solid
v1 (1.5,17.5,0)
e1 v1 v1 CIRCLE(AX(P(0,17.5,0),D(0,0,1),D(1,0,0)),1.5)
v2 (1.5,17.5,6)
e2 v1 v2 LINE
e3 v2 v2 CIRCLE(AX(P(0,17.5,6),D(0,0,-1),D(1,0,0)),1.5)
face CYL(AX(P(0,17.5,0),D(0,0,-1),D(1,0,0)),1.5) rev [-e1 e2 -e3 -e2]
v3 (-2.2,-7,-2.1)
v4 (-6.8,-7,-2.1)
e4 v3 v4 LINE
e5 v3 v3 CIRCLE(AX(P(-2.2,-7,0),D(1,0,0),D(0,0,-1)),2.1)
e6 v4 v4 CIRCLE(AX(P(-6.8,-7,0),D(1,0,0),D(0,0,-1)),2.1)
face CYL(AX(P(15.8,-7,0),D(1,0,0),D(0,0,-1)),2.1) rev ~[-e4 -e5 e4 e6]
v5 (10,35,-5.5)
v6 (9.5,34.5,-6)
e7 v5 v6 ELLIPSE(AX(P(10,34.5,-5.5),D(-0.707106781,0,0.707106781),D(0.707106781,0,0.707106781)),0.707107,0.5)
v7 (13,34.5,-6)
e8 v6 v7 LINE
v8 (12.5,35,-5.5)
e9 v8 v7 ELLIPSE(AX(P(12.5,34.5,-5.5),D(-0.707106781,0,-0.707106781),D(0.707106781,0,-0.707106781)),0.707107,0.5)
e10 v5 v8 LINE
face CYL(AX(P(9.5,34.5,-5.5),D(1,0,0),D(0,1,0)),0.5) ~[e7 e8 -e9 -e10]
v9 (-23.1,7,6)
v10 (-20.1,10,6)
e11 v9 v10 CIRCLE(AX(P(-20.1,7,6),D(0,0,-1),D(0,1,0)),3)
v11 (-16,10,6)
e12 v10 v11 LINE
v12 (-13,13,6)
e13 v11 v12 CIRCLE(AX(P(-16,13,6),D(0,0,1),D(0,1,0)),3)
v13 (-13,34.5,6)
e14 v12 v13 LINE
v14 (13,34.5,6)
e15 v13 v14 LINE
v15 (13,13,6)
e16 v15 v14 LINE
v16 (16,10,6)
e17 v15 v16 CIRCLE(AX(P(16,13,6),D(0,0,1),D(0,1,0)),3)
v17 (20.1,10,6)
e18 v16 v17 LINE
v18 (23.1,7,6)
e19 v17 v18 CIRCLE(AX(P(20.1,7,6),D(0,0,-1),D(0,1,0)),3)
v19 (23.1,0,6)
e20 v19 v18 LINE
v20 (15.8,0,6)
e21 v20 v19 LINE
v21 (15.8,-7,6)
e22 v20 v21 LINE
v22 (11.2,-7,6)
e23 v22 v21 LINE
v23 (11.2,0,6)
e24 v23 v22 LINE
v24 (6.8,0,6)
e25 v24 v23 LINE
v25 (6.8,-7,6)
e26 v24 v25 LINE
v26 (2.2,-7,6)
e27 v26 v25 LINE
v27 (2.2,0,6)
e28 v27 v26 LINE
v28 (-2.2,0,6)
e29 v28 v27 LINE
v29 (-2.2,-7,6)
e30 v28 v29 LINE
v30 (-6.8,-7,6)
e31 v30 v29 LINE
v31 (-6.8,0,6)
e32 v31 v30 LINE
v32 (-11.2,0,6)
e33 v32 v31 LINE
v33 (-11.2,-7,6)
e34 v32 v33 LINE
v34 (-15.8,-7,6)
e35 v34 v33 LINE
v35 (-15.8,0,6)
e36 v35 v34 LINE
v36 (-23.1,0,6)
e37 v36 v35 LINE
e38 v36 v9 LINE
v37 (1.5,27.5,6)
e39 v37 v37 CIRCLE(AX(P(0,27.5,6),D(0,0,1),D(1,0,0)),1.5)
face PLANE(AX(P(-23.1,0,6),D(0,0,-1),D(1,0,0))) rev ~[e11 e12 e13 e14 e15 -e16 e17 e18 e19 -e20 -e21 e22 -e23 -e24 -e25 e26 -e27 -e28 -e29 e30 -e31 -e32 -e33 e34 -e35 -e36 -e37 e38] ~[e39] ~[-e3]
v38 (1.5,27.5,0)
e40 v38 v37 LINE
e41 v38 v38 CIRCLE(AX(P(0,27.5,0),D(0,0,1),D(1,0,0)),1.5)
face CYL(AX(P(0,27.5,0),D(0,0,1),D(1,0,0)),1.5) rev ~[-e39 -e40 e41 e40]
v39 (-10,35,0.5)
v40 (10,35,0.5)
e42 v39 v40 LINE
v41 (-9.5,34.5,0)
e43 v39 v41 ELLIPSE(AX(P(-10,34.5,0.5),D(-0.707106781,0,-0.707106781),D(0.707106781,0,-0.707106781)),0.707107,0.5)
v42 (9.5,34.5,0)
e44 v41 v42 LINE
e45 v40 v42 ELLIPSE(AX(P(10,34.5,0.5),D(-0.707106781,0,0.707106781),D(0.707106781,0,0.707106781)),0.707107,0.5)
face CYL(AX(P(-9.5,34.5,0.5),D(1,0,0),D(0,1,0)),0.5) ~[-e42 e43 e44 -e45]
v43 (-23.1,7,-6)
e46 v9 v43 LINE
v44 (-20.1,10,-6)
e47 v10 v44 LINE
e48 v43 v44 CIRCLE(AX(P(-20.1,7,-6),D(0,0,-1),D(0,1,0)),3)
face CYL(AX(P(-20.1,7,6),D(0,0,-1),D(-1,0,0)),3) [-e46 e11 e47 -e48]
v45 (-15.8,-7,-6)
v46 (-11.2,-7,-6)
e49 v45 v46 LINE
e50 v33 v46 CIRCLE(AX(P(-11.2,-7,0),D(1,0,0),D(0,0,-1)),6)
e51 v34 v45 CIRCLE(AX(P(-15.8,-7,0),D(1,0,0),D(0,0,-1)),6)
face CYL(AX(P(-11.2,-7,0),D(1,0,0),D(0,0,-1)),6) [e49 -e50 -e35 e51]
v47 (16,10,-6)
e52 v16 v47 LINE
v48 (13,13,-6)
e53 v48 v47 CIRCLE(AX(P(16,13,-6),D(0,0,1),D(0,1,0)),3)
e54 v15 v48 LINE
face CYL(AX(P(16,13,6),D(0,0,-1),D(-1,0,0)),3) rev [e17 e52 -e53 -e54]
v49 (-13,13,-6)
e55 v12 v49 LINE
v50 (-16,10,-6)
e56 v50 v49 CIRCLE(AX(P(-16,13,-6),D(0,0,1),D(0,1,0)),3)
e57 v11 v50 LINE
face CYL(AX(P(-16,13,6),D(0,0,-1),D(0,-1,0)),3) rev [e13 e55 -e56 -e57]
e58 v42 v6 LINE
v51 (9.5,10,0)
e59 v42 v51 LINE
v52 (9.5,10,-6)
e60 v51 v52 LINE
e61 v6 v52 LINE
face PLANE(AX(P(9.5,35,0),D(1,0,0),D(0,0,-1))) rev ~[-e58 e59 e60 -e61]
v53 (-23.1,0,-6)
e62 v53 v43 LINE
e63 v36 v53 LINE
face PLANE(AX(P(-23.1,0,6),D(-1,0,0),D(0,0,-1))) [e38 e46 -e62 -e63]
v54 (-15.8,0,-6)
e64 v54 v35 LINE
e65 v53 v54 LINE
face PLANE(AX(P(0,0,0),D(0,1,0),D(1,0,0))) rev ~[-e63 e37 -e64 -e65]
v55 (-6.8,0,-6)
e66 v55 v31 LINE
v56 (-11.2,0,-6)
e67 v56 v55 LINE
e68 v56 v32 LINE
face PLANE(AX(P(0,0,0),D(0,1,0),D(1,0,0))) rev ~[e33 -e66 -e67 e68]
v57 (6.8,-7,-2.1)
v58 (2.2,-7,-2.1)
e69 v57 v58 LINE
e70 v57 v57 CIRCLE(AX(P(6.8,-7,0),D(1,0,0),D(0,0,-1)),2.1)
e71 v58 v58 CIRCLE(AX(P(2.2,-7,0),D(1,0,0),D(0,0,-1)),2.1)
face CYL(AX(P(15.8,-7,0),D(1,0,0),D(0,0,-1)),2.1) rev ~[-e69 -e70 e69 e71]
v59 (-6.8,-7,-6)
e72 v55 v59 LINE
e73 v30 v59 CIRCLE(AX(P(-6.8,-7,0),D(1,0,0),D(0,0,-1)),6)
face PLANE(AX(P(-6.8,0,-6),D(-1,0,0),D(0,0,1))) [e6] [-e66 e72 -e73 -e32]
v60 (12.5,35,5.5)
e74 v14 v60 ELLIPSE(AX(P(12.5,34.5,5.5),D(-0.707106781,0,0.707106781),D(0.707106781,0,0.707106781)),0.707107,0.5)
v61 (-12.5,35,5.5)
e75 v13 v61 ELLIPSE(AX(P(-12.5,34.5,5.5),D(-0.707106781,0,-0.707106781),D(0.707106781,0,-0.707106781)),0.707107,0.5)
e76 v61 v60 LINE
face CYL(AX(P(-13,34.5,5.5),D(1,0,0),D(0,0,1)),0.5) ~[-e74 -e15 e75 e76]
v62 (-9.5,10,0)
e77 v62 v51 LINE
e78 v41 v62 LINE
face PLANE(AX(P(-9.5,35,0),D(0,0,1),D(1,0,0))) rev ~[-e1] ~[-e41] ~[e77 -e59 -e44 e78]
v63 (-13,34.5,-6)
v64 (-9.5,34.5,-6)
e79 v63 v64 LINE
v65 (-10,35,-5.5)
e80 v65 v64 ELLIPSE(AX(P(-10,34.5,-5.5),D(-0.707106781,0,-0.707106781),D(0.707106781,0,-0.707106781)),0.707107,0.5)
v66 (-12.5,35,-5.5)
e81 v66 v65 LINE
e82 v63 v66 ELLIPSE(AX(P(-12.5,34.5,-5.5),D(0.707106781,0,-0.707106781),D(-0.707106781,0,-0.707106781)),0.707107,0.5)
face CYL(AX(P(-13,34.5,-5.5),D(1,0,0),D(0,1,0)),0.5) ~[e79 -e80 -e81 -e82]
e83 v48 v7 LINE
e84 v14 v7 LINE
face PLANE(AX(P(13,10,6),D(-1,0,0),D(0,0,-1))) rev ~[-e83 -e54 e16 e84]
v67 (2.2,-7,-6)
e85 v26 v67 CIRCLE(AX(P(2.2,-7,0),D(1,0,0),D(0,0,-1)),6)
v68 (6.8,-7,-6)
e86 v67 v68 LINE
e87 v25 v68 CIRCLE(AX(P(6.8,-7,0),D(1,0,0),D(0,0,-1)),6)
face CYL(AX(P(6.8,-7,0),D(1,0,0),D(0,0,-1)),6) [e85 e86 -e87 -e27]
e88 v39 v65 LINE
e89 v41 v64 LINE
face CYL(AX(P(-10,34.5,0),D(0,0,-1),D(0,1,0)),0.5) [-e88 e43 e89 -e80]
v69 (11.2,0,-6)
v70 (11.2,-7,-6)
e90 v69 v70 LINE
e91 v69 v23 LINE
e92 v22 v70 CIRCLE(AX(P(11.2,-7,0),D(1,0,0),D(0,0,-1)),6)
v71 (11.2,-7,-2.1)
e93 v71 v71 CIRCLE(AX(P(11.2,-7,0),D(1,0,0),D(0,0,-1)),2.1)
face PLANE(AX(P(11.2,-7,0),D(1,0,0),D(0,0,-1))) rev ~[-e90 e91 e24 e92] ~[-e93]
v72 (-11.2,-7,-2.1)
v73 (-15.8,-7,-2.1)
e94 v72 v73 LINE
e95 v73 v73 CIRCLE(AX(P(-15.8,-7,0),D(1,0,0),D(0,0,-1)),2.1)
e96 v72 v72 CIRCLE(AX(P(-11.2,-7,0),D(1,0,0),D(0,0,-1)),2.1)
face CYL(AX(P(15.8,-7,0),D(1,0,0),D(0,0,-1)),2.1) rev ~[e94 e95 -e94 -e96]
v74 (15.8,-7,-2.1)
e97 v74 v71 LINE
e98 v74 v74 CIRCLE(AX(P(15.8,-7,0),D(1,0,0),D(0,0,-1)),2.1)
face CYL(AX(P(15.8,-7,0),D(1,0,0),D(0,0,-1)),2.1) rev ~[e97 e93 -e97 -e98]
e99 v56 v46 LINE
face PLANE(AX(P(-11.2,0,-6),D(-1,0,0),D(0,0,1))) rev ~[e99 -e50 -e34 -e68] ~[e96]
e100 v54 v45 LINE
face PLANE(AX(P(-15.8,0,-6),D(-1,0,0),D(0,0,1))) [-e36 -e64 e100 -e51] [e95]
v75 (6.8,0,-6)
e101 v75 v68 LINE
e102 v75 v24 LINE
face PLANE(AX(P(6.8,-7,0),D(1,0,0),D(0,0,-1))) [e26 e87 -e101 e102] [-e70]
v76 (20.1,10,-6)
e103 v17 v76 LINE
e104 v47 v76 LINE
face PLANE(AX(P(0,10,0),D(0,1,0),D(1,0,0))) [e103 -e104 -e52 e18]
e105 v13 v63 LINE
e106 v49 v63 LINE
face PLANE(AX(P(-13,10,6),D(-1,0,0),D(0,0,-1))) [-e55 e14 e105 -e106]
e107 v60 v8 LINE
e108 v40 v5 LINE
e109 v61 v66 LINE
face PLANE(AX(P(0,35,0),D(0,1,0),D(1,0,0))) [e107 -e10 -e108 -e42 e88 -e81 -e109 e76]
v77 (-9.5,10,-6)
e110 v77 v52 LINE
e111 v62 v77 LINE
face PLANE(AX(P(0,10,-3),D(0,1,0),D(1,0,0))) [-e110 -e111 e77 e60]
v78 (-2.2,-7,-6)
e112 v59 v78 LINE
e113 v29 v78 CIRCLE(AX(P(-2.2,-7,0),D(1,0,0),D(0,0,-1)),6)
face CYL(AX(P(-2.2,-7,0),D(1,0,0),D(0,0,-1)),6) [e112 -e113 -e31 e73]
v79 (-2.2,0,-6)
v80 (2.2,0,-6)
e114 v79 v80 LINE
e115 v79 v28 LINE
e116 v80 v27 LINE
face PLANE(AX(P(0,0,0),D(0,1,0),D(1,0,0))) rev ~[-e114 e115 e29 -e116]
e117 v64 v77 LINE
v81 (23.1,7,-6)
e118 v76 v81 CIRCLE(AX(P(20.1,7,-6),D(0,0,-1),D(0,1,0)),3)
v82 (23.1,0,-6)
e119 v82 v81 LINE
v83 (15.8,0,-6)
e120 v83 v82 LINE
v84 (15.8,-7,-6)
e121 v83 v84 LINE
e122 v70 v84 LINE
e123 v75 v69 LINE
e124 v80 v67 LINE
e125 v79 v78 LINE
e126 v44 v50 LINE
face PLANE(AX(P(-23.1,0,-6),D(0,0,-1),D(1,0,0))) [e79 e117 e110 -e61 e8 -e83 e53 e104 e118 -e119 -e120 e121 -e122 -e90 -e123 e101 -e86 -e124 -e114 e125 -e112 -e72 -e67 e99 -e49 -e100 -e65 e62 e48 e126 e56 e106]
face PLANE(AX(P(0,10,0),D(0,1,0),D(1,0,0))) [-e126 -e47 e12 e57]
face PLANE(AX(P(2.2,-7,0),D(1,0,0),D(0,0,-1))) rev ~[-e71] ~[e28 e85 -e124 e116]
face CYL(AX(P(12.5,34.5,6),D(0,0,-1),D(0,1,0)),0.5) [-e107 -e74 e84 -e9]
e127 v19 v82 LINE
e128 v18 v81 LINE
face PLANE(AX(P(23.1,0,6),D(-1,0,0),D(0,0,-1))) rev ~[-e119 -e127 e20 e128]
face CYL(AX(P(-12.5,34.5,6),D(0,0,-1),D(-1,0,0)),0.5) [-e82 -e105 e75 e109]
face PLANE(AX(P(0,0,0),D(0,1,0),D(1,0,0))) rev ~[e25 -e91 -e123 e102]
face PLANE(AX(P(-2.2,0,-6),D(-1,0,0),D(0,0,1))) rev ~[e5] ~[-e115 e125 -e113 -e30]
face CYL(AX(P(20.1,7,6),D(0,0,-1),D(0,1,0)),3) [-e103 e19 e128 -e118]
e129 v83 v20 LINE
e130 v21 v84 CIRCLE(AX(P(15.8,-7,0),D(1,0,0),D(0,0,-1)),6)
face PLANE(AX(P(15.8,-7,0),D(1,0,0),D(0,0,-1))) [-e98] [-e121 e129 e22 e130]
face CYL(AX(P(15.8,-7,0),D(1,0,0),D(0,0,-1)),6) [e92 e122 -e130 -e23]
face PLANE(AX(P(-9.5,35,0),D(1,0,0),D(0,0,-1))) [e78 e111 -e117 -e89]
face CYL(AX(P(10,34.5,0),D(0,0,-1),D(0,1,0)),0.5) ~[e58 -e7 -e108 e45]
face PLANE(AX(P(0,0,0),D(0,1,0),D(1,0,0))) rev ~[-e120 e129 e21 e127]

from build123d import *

# Parameters (mm, degrees)
SKETCH1_W           = 46.2
SKETCH1_H           = 12
BOSS_EXTRUDE1_DEPTH = 10
SKETCH2_W           = 4.6
SKETCH2_H           = 12
BOSS_EXTRUDE2_DEPTH = 7
SKETCH8_R           = 6
BOSS_EXTRUDE3_DEPTH = 4.6
LPATTERN1_COUNT     = 4
LPATTERN1_PITCH     = 9
SKETCH4_R           = 2.1
CUT_EXTRUDE1_DEPTH  = 39.9
SKETCH10_W          = 26
SKETCH10_H          = 12
BOSS_EXTRUDE4_DEPTH = 25
SKETCH11_W          = 19
SKETCH11_H          = 6
CUT_EXTRUDE2_DEPTH  = 25
FILLET1_R           = 3
FILLET2_R           = 0.5
SKETCH12_R          = 1.5
CUT_EXTRUDE3_DEPTH  = 10


with BuildPart() as part:
    # Sketch1 → Boss-Extrude1 (new body)
    with BuildSketch(Plane(origin=(0, 0, 0), x_dir=(1, 0, 0), z_dir=(0, 1, 0))):
        Rectangle(SKETCH1_W, SKETCH1_H)
    extrude(amount=BOSS_EXTRUDE1_DEPTH)

    # Sketch2 → Boss-Extrude2 (add)
    with BuildSketch(Plane.XZ):
        with Locations((13.5, 0)):
            Rectangle(SKETCH2_W, SKETCH2_H)
    boss_extrude2 = extrude(amount=BOSS_EXTRUDE2_DEPTH)

    # Sketch8 → Boss-Extrude3 (add)
    with BuildSketch(Plane(origin=(15.8, 0, 0), x_dir=(0, 0, -1), z_dir=(1, 0, 0))):
        with Locations((0, -7)):
            Circle(SKETCH8_R)
    boss_extrude3 = extrude(amount=-BOSS_EXTRUDE3_DEPTH)

    # LPattern1: Boss-Extrude2, Boss-Extrude3 ×4
    with Locations(*[(-i * LPATTERN1_PITCH, 0, 0) for i in range(1, LPATTERN1_COUNT)]):
        add(boss_extrude2)
        add(boss_extrude3)

    # Sketch4 → Cut-Extrude1 (cut, through all)
    with BuildSketch(Plane(origin=(15.8, 0, 0), x_dir=(0, 0, -1), z_dir=(1, 0, 0))):
        with Locations((0, -7)):
            Circle(SKETCH4_R)
    extrude(amount=-CUT_EXTRUDE1_DEPTH, mode=Mode.SUBTRACT)

    # Sketch10 → Boss-Extrude4 (add)
    with BuildSketch(Plane(origin=(0, 10, 0), x_dir=(1, 0, 0), z_dir=(0, 1, 0))):
        Rectangle(SKETCH10_W, SKETCH10_H)
    extrude(amount=BOSS_EXTRUDE4_DEPTH)

    # Sketch11 → Cut-Extrude2 (cut)
    with BuildSketch(Plane(origin=(0, 35, 0), x_dir=(1, 0, 0), z_dir=(0, 1, 0))):
        with Locations((0, 3)):
            Rectangle(SKETCH11_W, SKETCH11_H)
    extrude(amount=-CUT_EXTRUDE2_DEPTH, mode=Mode.SUBTRACT)

    # Fillet1
    fillet1_edges = [part.edges().sort_by_distance(p)[0] for p in [
        (-13, 10, 0),
        (13, 10, 0),
        (23.1, 10, 0),
        (-23.1, 10, 0),
    ]]
    fillet(fillet1_edges, radius=FILLET1_R)

    # Fillet2
    fillet2_edges = [part.edges().sort_by_distance(p)[0] for p in [
        (-13, 35, 0),
        (0, 35, 6),
        (13, 35, 0),
        (11.25, 35, -6),
        (-11.25, 35, -6),
        (-9.5, 35, -3),
        (0, 35, 0),
        (9.5, 35, -3),
    ]]
    fillet(fillet2_edges, radius=FILLET2_R)

    # Sketch12 → Cut-Extrude3 (cut, symmetric)
    with BuildSketch(Plane.XY):
        with Locations((0, 17.5)):
            Circle(SKETCH12_R)
        with Locations((0, 27.5)):
            Circle(SKETCH12_R)
    extrude(amount=CUT_EXTRUDE3_DEPTH, both=True, mode=Mode.SUBTRACT)


solid = part.part
